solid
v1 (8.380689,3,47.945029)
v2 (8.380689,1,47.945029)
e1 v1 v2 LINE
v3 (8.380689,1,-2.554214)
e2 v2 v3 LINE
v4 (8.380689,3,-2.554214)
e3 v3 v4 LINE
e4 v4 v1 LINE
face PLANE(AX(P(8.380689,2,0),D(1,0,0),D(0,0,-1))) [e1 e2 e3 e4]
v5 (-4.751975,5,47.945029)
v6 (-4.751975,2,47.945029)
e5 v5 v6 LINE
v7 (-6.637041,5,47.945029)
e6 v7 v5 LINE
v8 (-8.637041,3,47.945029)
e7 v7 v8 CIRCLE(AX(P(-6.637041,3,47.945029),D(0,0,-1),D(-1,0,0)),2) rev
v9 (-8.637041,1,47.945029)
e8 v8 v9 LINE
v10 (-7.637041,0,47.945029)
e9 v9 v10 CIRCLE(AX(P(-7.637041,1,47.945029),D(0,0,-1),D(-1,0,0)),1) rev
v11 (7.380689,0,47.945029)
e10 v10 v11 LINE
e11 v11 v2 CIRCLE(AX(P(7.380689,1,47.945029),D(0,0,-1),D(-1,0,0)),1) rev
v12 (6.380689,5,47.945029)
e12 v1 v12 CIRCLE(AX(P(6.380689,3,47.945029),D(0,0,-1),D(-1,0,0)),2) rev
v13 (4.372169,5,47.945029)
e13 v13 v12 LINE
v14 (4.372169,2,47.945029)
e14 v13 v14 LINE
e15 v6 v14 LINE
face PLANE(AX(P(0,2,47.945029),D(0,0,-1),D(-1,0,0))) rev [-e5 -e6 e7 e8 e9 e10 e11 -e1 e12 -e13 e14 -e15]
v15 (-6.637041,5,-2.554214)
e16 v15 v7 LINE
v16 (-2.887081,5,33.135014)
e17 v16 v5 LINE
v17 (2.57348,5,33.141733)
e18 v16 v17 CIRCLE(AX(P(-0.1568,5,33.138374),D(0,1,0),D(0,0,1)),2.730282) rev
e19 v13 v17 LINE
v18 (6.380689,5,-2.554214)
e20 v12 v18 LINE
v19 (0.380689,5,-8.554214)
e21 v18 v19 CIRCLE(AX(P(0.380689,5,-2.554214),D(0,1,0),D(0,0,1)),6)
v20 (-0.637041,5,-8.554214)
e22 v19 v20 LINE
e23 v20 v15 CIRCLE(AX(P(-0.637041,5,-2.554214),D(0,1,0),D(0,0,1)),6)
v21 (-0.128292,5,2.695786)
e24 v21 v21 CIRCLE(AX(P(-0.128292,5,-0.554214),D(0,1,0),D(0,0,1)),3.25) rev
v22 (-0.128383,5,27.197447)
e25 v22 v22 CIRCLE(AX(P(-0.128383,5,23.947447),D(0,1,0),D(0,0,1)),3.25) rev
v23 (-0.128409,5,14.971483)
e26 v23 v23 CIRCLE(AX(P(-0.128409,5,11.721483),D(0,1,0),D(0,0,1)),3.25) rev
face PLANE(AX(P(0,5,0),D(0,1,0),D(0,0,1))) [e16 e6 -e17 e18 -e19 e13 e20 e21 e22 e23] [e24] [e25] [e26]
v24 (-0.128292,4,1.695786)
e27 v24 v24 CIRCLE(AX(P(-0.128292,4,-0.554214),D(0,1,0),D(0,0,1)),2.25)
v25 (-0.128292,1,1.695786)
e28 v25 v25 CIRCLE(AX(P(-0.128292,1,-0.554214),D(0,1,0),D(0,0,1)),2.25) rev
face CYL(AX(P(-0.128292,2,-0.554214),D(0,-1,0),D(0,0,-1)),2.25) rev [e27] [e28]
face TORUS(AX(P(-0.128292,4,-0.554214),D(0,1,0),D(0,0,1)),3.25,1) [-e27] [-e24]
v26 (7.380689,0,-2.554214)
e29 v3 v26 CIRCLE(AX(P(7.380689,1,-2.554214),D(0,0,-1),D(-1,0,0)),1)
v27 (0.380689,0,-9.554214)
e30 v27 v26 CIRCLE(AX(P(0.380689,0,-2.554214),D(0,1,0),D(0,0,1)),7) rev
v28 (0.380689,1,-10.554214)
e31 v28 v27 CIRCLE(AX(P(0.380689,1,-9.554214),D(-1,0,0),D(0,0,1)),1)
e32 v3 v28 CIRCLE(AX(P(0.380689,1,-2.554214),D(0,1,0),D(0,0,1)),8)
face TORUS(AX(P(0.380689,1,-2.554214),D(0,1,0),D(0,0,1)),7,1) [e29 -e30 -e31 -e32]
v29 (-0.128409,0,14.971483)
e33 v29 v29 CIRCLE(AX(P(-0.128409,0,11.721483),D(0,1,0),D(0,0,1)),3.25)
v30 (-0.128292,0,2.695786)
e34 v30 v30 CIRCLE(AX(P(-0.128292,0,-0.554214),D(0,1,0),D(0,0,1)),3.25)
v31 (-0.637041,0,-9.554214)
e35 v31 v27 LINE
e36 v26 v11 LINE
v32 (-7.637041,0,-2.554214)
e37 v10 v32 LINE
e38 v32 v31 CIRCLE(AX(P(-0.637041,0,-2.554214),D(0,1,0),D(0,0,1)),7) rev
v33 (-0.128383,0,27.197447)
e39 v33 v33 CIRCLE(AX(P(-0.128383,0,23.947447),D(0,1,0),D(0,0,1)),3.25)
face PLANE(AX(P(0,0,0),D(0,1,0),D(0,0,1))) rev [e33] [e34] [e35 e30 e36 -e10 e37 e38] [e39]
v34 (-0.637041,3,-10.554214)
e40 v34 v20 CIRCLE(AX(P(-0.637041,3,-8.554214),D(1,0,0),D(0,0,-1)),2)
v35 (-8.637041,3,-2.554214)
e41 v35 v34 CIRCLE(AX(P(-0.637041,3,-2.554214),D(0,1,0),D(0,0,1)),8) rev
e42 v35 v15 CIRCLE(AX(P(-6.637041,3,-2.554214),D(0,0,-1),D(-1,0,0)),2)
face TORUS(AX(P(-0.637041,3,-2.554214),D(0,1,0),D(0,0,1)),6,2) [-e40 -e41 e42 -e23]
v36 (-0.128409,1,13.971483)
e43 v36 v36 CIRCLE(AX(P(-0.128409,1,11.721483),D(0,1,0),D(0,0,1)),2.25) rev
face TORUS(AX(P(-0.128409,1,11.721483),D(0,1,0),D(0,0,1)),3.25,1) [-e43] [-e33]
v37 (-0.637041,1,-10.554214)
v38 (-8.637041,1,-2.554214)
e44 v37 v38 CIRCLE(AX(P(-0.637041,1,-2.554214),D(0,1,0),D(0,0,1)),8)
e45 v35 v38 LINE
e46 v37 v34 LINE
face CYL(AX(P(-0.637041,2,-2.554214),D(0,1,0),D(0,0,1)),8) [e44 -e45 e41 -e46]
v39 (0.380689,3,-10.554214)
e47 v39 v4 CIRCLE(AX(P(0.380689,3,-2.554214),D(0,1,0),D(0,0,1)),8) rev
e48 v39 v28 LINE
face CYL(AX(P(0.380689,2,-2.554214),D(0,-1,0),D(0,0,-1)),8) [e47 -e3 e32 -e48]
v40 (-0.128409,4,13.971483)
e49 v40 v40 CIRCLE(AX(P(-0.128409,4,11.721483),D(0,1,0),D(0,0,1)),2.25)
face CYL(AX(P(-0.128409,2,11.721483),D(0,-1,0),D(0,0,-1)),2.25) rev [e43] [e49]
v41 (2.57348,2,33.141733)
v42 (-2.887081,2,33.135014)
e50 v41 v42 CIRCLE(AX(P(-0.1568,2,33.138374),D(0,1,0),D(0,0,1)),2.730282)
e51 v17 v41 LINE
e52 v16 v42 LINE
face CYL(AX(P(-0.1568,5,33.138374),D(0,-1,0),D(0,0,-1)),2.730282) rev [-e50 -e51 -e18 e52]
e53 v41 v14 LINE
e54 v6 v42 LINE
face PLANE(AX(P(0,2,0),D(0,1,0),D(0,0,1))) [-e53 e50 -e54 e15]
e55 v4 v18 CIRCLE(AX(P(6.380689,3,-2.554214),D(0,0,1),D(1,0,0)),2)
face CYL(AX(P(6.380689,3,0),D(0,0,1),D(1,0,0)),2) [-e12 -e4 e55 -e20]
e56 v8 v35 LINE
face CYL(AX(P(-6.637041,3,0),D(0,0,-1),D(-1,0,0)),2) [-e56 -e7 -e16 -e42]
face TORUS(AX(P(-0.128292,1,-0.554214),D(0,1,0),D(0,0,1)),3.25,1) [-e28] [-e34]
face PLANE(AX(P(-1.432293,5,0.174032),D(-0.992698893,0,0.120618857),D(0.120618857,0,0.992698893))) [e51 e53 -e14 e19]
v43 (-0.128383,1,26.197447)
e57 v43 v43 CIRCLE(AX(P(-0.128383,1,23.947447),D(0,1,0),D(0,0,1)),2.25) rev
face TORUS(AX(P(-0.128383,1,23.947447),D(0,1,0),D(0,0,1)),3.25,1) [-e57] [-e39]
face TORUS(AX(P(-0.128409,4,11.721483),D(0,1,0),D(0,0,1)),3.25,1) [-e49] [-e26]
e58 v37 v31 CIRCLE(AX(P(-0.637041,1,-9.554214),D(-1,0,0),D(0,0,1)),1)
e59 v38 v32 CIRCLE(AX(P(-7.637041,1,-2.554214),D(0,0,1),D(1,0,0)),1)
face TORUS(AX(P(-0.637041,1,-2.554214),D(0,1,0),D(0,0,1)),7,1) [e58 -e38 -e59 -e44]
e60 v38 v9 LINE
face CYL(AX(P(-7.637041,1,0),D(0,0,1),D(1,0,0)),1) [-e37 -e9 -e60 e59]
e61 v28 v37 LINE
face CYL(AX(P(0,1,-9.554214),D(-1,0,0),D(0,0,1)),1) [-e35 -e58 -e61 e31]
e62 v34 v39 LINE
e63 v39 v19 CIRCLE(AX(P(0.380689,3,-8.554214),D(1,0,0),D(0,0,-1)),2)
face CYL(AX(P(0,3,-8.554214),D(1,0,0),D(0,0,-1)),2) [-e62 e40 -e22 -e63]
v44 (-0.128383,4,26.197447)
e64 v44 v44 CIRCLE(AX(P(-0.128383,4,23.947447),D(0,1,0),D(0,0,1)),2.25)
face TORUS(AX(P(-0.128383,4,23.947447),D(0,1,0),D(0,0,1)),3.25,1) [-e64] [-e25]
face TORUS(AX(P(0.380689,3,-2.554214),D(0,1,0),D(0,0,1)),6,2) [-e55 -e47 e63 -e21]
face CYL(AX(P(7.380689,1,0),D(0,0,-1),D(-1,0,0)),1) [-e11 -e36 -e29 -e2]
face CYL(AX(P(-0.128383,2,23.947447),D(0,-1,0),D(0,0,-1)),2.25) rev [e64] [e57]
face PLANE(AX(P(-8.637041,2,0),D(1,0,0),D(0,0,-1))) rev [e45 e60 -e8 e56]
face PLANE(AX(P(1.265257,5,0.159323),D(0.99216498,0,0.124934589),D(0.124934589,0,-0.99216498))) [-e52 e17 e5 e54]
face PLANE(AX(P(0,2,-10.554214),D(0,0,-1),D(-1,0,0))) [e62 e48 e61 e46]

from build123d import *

# Parameters (mm, degrees)
SKETCH2_W           = 17.01772998
SKETCH2_H           = 58.499243576
SKETCH2_R           = 2.25
SKETCH2_R_2         = 2.249999999
BOSS_EXTRUDE1_DEPTH = 2
SKETCH2_7_R         = 2.25
SKETCH2_7_R_2       = 2.249999999
BOSS_EXTRUDE2_DEPTH = 5
FILLET1_R           = 8
FILLET2_R           = 2
FILLET3_R           = 1
FILLET4_R           = 1


with BuildPart() as part:
    # Sketch2 → Boss-Extrude1 (new body)
    with BuildSketch(Plane(origin=(0, 0, 0), x_dir=(1, 0, 0), z_dir=(0, 1, 0))):
        with Locations((-0.128175668, -18.695407456)):
            Rectangle(SKETCH2_W, SKETCH2_H)
        with Locations((-0.12838313, -23.94744701)):
            Circle(SKETCH2_R, mode=Mode.SUBTRACT)
        with Locations((-0.128409056, -11.721483427)):
            Circle(SKETCH2_R_2, mode=Mode.SUBTRACT)
        with Locations((-0.128292362, 0.554214332)):
            Circle(SKETCH2_R, mode=Mode.SUBTRACT)
    extrude(amount=BOSS_EXTRUDE1_DEPTH)

    # Sketch2<7> → Boss-Extrude2 (add)
    with BuildSketch(Plane(origin=(0, 0, 0), x_dir=(1, 0, 0), z_dir=(0, 1, 0))):
        with BuildLine():
            Line((-4.751975313, -47.945029244), (-2.88708064, -33.13501383))
            ThreePointArc((-2.88708064, -33.13501383), (-0.153440685, -30.408093493), (2.573479652, -33.141733448))
            Line((2.573479652, -33.141733448), (4.372168697, -47.945029244))
            Line((4.372168697, -47.945029244), (8.380689322, -47.945029244))
            Line((8.380689322, -47.945029244), (8.380689322, 10.554214332))
            Line((8.380689322, 10.554214332), (-0.128409056, 10.554214332))
            Line((-0.128409056, 10.554214332), (-8.637040658, 10.554214332))
            Line((-8.637040658, 10.554214332), (-8.637040658, -47.945029244))
            Line((-8.637040658, -47.945029244), (-4.751975313, -47.945029244))
        make_face()
        with Locations((-0.12838313, -23.94744701)):
            Circle(SKETCH2_7_R, mode=Mode.SUBTRACT)
        with Locations((-0.128409056, -11.721483427)):
            Circle(SKETCH2_7_R_2, mode=Mode.SUBTRACT)
        with Locations((-0.128292362, 0.554214332)):
            Circle(SKETCH2_7_R, mode=Mode.SUBTRACT)
    extrude(amount=BOSS_EXTRUDE2_DEPTH)

    # Fillet1
    fillet1_edges = [part.edges().sort_by_distance(p)[0] for p in [
        (-8.637040658, 2.5, -10.554214332),
        (8.380689322, 2.5, -10.554214332),
    ]]
    fillet(fillet1_edges, radius=FILLET1_R)

    # Fillet2
    fillet2_edges = [part.edges().sort_by_distance(p)[0] for p in [
        (8.380689322, 5, 22.695407456),
        (6.037543572, 5, -8.211068582),
        (-0.128175668, 5, -10.554214332),
        (-6.293894907, 5, -8.211068582),
        (-8.637040658, 5, 22.695407456),
    ]]
    fillet(fillet2_edges, radius=FILLET2_R)

    # Fillet3
    fillet3_edges = [part.edges().sort_by_distance(p)[0] for p in [
        (-2.37838313, 0, 23.94744701),
        (-2.378409055, 0, 11.721483427),
        (-2.378292362, 0, -0.554214332),
        (-2.378292362, 5, -0.554214332),
        (-2.378409055, 5, 11.721483427),
        (-2.37838313, 5, 23.94744701),
    ]]
    fillet(fillet3_edges, radius=FILLET3_R)

    # Fillet4
    fillet4_edges = [part.edges().sort_by_distance(p)[0] for p in [
        (-8.637040658, 0, 22.695407456),
        (-6.293894907, 0, -8.211068582),
        (-0.128175668, 0, -10.554214332),
        (6.037543572, 0, -8.211068582),
        (8.380689322, 0, 22.695407456),
    ]]
    fillet(fillet4_edges, radius=FILLET4_R)


solid = part.part
